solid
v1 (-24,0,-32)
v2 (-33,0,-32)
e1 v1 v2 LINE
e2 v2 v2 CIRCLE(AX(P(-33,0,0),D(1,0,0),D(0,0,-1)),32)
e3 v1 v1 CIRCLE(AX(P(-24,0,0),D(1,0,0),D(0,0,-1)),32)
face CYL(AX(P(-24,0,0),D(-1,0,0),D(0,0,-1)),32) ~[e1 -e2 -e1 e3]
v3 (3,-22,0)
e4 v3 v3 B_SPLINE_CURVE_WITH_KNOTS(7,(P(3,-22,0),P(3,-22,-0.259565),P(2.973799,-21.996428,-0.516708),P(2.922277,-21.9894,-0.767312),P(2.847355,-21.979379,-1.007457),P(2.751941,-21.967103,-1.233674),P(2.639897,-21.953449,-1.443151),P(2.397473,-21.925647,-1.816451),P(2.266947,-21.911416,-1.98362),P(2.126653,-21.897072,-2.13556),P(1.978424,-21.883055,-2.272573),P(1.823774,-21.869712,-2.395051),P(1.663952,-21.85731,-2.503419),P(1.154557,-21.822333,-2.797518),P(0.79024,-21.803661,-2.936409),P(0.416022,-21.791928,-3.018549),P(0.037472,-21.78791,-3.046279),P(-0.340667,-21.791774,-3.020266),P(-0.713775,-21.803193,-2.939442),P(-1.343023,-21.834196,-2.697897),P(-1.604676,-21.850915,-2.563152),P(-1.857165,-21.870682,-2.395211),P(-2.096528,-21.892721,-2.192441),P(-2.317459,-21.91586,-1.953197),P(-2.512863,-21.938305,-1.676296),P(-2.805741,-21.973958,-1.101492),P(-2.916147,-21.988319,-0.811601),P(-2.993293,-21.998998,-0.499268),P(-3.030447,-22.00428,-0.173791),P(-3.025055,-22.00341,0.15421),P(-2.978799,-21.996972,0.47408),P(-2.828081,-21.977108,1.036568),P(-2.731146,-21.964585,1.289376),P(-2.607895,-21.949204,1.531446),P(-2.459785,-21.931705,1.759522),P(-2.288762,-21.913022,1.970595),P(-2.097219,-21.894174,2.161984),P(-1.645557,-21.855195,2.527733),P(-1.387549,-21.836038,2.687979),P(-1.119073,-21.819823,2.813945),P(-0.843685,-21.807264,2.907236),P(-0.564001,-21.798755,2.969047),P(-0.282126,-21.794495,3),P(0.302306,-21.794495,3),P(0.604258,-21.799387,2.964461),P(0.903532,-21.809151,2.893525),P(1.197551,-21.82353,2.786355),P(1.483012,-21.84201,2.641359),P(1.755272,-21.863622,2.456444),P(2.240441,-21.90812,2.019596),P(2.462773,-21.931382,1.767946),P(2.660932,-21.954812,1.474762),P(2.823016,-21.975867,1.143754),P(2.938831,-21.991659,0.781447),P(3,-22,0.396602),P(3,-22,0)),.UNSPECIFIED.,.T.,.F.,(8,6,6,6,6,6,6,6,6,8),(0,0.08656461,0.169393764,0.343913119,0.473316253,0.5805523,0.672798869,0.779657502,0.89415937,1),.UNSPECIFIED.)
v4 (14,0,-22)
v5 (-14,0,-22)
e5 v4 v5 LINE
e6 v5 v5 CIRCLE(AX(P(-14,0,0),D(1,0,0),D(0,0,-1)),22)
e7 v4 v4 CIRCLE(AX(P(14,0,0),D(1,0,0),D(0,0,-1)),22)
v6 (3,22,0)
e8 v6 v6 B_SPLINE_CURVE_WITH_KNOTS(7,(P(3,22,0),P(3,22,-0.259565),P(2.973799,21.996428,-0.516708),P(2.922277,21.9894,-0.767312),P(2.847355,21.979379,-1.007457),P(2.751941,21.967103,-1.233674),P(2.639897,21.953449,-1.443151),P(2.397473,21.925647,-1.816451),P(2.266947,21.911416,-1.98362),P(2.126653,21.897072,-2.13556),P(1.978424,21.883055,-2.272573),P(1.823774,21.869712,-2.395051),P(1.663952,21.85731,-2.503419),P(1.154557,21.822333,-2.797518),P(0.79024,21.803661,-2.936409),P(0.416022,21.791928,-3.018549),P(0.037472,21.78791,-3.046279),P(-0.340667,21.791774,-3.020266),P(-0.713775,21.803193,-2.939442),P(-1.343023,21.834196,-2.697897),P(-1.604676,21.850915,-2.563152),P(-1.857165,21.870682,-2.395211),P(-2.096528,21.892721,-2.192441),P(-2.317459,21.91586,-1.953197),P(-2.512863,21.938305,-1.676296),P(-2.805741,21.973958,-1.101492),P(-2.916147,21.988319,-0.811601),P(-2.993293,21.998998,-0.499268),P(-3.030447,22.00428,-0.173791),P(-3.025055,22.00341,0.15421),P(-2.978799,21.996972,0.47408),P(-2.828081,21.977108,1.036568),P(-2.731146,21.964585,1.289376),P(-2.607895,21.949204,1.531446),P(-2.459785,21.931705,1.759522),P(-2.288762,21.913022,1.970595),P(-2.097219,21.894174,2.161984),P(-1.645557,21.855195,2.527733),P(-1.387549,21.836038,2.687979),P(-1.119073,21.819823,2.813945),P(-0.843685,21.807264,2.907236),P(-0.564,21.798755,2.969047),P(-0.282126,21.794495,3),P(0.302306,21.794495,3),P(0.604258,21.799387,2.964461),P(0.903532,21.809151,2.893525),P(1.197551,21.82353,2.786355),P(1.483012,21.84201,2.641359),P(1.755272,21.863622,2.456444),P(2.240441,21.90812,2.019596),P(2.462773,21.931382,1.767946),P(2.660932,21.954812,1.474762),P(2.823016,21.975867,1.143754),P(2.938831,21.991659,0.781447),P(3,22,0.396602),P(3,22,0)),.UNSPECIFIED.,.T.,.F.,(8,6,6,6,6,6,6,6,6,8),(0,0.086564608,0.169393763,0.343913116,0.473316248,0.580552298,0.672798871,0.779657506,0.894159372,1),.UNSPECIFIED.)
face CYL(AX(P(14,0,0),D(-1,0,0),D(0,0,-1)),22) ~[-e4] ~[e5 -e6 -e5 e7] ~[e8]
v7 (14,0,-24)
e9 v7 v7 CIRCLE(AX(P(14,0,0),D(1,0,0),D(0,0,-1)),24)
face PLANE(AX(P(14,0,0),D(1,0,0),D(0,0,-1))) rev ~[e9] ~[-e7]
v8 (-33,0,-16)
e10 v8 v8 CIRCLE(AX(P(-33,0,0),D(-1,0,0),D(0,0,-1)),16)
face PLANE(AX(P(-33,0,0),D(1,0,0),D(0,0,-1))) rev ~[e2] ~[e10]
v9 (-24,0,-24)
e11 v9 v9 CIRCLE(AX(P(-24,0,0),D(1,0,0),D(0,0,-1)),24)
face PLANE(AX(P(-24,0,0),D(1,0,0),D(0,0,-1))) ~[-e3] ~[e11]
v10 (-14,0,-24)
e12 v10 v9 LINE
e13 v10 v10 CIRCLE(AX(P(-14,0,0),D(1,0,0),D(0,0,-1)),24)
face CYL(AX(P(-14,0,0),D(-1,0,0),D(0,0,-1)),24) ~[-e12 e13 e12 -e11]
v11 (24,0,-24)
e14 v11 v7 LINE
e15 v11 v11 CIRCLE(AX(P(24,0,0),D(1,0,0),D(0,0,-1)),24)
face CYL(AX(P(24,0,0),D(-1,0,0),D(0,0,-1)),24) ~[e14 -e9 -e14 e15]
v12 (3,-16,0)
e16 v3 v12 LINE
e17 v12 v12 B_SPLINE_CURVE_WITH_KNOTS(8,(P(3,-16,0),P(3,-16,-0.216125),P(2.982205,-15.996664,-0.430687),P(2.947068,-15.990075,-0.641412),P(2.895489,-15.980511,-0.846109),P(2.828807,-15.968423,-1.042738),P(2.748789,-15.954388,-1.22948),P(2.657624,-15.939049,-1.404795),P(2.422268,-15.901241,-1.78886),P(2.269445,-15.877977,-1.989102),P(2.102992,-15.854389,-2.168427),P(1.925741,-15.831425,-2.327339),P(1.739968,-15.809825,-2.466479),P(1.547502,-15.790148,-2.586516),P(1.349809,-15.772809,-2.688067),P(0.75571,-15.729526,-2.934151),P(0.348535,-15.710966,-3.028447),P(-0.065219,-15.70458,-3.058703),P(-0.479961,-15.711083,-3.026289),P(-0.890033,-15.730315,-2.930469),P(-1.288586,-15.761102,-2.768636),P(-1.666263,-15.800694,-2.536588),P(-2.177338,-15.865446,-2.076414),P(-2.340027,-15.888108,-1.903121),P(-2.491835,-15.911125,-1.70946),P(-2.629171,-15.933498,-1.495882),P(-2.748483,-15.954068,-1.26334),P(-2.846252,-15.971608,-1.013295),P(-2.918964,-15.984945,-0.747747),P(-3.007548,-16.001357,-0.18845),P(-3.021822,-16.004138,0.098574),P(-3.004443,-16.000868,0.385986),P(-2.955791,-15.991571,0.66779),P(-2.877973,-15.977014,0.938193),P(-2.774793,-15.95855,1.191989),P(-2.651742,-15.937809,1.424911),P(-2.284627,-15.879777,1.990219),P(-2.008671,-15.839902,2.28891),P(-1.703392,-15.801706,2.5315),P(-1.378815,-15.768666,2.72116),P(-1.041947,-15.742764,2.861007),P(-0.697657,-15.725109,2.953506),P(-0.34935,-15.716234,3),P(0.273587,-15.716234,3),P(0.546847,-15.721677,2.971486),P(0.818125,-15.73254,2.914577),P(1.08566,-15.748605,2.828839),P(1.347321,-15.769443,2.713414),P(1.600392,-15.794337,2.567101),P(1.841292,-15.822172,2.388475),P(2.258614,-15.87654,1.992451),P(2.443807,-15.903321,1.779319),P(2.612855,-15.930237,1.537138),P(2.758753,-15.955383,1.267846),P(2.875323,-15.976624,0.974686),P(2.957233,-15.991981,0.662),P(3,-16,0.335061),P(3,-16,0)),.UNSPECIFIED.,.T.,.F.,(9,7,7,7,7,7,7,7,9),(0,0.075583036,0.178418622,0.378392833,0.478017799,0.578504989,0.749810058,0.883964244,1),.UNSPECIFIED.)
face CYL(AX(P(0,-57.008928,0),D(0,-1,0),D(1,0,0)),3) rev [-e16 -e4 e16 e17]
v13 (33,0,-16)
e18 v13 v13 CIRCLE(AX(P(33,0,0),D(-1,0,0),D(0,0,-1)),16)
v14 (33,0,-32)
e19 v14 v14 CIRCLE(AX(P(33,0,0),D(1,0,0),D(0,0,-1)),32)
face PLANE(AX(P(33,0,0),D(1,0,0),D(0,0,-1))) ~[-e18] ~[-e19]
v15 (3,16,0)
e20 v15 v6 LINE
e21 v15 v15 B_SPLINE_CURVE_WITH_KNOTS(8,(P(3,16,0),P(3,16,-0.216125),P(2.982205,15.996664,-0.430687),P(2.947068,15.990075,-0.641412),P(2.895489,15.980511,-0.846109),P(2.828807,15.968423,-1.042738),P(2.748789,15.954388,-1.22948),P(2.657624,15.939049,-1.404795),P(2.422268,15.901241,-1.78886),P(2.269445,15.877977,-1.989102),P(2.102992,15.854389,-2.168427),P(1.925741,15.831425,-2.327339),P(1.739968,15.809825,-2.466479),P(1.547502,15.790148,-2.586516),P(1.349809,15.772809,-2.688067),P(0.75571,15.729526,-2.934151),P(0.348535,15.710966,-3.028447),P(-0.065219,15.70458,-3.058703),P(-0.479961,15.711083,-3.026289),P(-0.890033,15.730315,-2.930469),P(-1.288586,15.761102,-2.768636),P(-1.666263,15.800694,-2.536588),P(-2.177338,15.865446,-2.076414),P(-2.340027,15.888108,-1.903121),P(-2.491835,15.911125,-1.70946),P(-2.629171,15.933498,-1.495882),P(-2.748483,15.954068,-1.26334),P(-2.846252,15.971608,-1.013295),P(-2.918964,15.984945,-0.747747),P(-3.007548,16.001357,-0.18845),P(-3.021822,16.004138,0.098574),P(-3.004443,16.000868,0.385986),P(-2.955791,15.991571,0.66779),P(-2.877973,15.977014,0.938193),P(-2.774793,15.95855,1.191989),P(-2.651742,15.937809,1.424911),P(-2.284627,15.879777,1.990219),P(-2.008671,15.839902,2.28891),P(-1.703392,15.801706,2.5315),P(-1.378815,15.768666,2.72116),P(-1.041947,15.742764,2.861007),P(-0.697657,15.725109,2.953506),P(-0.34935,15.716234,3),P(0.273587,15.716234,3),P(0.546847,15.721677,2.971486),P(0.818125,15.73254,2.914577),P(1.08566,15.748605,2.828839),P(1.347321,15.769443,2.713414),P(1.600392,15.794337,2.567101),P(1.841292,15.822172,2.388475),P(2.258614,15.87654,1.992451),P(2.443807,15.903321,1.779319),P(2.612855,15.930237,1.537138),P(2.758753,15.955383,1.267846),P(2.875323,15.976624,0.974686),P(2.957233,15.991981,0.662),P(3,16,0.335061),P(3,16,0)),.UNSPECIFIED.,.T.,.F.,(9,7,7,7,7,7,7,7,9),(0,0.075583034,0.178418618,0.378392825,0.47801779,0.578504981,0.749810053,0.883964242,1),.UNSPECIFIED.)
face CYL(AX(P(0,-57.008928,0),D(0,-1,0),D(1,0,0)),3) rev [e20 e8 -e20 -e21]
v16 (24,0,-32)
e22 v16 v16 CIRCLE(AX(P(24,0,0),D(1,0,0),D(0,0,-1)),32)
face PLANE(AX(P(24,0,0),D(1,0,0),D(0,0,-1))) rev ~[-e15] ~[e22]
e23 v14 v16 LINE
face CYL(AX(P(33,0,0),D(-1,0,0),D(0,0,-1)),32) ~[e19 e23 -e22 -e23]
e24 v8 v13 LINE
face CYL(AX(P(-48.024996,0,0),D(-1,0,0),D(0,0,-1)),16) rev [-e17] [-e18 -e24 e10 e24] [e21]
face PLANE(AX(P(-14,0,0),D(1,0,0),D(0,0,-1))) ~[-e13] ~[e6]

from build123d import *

# Parameters (mm, degrees)
CUT_EXTRUDE1_DEPTH      = 57.00892786
CUT_EXTRUDE1_DEPTH_BACK = 57.00892786
SKETCH1_4_R             = 3
CUT_EXTRUDE2_DEPTH      = 81.024996095
CUT_EXTRUDE2_DEPTH_BACK = 81.024996095
SKETCH2_R               = 16


with BuildPart() as part:
    # Sketch1 → Revolve8 (revolve)
    with BuildSketch(Plane(origin=(0, 0, 0), x_dir=(1, 0, 0), z_dir=(0, 1, 0))):
        Polygon((33, 0), (33, 32), (24, 32), (24, 24), (14, 24), (14, 22), (-14, 22), (-14, 24), (-24, 24), (-24, 32), (-33, 32), (-33, 0), align=None)
    revolve(axis=Axis((-33, 0, 0), (1, 0, 0)))

    # Sketch1<4> → Cut-Extrude1 (cut, two sides: drawn at the far end of the back side and taken through both)
    with BuildSketch(Plane(origin=(0, 0, 0), x_dir=(1, 0, 0), z_dir=(0, 1, 0)).offset(-CUT_EXTRUDE1_DEPTH_BACK)):
        Circle(SKETCH1_4_R)
    extrude(amount=CUT_EXTRUDE1_DEPTH + CUT_EXTRUDE1_DEPTH_BACK, mode=Mode.SUBTRACT)

    # Sketch2 → Cut-Extrude2 (cut, two sides: drawn at the far end of the back side and taken through both)
    with BuildSketch(Plane(origin=(33, 0, 0), x_dir=(0, 0, -1), z_dir=(1, 0, 0)).offset(-CUT_EXTRUDE2_DEPTH_BACK)):
        Circle(SKETCH2_R)
    extrude(amount=CUT_EXTRUDE2_DEPTH + CUT_EXTRUDE2_DEPTH_BACK, mode=Mode.SUBTRACT)


solid = part.part
